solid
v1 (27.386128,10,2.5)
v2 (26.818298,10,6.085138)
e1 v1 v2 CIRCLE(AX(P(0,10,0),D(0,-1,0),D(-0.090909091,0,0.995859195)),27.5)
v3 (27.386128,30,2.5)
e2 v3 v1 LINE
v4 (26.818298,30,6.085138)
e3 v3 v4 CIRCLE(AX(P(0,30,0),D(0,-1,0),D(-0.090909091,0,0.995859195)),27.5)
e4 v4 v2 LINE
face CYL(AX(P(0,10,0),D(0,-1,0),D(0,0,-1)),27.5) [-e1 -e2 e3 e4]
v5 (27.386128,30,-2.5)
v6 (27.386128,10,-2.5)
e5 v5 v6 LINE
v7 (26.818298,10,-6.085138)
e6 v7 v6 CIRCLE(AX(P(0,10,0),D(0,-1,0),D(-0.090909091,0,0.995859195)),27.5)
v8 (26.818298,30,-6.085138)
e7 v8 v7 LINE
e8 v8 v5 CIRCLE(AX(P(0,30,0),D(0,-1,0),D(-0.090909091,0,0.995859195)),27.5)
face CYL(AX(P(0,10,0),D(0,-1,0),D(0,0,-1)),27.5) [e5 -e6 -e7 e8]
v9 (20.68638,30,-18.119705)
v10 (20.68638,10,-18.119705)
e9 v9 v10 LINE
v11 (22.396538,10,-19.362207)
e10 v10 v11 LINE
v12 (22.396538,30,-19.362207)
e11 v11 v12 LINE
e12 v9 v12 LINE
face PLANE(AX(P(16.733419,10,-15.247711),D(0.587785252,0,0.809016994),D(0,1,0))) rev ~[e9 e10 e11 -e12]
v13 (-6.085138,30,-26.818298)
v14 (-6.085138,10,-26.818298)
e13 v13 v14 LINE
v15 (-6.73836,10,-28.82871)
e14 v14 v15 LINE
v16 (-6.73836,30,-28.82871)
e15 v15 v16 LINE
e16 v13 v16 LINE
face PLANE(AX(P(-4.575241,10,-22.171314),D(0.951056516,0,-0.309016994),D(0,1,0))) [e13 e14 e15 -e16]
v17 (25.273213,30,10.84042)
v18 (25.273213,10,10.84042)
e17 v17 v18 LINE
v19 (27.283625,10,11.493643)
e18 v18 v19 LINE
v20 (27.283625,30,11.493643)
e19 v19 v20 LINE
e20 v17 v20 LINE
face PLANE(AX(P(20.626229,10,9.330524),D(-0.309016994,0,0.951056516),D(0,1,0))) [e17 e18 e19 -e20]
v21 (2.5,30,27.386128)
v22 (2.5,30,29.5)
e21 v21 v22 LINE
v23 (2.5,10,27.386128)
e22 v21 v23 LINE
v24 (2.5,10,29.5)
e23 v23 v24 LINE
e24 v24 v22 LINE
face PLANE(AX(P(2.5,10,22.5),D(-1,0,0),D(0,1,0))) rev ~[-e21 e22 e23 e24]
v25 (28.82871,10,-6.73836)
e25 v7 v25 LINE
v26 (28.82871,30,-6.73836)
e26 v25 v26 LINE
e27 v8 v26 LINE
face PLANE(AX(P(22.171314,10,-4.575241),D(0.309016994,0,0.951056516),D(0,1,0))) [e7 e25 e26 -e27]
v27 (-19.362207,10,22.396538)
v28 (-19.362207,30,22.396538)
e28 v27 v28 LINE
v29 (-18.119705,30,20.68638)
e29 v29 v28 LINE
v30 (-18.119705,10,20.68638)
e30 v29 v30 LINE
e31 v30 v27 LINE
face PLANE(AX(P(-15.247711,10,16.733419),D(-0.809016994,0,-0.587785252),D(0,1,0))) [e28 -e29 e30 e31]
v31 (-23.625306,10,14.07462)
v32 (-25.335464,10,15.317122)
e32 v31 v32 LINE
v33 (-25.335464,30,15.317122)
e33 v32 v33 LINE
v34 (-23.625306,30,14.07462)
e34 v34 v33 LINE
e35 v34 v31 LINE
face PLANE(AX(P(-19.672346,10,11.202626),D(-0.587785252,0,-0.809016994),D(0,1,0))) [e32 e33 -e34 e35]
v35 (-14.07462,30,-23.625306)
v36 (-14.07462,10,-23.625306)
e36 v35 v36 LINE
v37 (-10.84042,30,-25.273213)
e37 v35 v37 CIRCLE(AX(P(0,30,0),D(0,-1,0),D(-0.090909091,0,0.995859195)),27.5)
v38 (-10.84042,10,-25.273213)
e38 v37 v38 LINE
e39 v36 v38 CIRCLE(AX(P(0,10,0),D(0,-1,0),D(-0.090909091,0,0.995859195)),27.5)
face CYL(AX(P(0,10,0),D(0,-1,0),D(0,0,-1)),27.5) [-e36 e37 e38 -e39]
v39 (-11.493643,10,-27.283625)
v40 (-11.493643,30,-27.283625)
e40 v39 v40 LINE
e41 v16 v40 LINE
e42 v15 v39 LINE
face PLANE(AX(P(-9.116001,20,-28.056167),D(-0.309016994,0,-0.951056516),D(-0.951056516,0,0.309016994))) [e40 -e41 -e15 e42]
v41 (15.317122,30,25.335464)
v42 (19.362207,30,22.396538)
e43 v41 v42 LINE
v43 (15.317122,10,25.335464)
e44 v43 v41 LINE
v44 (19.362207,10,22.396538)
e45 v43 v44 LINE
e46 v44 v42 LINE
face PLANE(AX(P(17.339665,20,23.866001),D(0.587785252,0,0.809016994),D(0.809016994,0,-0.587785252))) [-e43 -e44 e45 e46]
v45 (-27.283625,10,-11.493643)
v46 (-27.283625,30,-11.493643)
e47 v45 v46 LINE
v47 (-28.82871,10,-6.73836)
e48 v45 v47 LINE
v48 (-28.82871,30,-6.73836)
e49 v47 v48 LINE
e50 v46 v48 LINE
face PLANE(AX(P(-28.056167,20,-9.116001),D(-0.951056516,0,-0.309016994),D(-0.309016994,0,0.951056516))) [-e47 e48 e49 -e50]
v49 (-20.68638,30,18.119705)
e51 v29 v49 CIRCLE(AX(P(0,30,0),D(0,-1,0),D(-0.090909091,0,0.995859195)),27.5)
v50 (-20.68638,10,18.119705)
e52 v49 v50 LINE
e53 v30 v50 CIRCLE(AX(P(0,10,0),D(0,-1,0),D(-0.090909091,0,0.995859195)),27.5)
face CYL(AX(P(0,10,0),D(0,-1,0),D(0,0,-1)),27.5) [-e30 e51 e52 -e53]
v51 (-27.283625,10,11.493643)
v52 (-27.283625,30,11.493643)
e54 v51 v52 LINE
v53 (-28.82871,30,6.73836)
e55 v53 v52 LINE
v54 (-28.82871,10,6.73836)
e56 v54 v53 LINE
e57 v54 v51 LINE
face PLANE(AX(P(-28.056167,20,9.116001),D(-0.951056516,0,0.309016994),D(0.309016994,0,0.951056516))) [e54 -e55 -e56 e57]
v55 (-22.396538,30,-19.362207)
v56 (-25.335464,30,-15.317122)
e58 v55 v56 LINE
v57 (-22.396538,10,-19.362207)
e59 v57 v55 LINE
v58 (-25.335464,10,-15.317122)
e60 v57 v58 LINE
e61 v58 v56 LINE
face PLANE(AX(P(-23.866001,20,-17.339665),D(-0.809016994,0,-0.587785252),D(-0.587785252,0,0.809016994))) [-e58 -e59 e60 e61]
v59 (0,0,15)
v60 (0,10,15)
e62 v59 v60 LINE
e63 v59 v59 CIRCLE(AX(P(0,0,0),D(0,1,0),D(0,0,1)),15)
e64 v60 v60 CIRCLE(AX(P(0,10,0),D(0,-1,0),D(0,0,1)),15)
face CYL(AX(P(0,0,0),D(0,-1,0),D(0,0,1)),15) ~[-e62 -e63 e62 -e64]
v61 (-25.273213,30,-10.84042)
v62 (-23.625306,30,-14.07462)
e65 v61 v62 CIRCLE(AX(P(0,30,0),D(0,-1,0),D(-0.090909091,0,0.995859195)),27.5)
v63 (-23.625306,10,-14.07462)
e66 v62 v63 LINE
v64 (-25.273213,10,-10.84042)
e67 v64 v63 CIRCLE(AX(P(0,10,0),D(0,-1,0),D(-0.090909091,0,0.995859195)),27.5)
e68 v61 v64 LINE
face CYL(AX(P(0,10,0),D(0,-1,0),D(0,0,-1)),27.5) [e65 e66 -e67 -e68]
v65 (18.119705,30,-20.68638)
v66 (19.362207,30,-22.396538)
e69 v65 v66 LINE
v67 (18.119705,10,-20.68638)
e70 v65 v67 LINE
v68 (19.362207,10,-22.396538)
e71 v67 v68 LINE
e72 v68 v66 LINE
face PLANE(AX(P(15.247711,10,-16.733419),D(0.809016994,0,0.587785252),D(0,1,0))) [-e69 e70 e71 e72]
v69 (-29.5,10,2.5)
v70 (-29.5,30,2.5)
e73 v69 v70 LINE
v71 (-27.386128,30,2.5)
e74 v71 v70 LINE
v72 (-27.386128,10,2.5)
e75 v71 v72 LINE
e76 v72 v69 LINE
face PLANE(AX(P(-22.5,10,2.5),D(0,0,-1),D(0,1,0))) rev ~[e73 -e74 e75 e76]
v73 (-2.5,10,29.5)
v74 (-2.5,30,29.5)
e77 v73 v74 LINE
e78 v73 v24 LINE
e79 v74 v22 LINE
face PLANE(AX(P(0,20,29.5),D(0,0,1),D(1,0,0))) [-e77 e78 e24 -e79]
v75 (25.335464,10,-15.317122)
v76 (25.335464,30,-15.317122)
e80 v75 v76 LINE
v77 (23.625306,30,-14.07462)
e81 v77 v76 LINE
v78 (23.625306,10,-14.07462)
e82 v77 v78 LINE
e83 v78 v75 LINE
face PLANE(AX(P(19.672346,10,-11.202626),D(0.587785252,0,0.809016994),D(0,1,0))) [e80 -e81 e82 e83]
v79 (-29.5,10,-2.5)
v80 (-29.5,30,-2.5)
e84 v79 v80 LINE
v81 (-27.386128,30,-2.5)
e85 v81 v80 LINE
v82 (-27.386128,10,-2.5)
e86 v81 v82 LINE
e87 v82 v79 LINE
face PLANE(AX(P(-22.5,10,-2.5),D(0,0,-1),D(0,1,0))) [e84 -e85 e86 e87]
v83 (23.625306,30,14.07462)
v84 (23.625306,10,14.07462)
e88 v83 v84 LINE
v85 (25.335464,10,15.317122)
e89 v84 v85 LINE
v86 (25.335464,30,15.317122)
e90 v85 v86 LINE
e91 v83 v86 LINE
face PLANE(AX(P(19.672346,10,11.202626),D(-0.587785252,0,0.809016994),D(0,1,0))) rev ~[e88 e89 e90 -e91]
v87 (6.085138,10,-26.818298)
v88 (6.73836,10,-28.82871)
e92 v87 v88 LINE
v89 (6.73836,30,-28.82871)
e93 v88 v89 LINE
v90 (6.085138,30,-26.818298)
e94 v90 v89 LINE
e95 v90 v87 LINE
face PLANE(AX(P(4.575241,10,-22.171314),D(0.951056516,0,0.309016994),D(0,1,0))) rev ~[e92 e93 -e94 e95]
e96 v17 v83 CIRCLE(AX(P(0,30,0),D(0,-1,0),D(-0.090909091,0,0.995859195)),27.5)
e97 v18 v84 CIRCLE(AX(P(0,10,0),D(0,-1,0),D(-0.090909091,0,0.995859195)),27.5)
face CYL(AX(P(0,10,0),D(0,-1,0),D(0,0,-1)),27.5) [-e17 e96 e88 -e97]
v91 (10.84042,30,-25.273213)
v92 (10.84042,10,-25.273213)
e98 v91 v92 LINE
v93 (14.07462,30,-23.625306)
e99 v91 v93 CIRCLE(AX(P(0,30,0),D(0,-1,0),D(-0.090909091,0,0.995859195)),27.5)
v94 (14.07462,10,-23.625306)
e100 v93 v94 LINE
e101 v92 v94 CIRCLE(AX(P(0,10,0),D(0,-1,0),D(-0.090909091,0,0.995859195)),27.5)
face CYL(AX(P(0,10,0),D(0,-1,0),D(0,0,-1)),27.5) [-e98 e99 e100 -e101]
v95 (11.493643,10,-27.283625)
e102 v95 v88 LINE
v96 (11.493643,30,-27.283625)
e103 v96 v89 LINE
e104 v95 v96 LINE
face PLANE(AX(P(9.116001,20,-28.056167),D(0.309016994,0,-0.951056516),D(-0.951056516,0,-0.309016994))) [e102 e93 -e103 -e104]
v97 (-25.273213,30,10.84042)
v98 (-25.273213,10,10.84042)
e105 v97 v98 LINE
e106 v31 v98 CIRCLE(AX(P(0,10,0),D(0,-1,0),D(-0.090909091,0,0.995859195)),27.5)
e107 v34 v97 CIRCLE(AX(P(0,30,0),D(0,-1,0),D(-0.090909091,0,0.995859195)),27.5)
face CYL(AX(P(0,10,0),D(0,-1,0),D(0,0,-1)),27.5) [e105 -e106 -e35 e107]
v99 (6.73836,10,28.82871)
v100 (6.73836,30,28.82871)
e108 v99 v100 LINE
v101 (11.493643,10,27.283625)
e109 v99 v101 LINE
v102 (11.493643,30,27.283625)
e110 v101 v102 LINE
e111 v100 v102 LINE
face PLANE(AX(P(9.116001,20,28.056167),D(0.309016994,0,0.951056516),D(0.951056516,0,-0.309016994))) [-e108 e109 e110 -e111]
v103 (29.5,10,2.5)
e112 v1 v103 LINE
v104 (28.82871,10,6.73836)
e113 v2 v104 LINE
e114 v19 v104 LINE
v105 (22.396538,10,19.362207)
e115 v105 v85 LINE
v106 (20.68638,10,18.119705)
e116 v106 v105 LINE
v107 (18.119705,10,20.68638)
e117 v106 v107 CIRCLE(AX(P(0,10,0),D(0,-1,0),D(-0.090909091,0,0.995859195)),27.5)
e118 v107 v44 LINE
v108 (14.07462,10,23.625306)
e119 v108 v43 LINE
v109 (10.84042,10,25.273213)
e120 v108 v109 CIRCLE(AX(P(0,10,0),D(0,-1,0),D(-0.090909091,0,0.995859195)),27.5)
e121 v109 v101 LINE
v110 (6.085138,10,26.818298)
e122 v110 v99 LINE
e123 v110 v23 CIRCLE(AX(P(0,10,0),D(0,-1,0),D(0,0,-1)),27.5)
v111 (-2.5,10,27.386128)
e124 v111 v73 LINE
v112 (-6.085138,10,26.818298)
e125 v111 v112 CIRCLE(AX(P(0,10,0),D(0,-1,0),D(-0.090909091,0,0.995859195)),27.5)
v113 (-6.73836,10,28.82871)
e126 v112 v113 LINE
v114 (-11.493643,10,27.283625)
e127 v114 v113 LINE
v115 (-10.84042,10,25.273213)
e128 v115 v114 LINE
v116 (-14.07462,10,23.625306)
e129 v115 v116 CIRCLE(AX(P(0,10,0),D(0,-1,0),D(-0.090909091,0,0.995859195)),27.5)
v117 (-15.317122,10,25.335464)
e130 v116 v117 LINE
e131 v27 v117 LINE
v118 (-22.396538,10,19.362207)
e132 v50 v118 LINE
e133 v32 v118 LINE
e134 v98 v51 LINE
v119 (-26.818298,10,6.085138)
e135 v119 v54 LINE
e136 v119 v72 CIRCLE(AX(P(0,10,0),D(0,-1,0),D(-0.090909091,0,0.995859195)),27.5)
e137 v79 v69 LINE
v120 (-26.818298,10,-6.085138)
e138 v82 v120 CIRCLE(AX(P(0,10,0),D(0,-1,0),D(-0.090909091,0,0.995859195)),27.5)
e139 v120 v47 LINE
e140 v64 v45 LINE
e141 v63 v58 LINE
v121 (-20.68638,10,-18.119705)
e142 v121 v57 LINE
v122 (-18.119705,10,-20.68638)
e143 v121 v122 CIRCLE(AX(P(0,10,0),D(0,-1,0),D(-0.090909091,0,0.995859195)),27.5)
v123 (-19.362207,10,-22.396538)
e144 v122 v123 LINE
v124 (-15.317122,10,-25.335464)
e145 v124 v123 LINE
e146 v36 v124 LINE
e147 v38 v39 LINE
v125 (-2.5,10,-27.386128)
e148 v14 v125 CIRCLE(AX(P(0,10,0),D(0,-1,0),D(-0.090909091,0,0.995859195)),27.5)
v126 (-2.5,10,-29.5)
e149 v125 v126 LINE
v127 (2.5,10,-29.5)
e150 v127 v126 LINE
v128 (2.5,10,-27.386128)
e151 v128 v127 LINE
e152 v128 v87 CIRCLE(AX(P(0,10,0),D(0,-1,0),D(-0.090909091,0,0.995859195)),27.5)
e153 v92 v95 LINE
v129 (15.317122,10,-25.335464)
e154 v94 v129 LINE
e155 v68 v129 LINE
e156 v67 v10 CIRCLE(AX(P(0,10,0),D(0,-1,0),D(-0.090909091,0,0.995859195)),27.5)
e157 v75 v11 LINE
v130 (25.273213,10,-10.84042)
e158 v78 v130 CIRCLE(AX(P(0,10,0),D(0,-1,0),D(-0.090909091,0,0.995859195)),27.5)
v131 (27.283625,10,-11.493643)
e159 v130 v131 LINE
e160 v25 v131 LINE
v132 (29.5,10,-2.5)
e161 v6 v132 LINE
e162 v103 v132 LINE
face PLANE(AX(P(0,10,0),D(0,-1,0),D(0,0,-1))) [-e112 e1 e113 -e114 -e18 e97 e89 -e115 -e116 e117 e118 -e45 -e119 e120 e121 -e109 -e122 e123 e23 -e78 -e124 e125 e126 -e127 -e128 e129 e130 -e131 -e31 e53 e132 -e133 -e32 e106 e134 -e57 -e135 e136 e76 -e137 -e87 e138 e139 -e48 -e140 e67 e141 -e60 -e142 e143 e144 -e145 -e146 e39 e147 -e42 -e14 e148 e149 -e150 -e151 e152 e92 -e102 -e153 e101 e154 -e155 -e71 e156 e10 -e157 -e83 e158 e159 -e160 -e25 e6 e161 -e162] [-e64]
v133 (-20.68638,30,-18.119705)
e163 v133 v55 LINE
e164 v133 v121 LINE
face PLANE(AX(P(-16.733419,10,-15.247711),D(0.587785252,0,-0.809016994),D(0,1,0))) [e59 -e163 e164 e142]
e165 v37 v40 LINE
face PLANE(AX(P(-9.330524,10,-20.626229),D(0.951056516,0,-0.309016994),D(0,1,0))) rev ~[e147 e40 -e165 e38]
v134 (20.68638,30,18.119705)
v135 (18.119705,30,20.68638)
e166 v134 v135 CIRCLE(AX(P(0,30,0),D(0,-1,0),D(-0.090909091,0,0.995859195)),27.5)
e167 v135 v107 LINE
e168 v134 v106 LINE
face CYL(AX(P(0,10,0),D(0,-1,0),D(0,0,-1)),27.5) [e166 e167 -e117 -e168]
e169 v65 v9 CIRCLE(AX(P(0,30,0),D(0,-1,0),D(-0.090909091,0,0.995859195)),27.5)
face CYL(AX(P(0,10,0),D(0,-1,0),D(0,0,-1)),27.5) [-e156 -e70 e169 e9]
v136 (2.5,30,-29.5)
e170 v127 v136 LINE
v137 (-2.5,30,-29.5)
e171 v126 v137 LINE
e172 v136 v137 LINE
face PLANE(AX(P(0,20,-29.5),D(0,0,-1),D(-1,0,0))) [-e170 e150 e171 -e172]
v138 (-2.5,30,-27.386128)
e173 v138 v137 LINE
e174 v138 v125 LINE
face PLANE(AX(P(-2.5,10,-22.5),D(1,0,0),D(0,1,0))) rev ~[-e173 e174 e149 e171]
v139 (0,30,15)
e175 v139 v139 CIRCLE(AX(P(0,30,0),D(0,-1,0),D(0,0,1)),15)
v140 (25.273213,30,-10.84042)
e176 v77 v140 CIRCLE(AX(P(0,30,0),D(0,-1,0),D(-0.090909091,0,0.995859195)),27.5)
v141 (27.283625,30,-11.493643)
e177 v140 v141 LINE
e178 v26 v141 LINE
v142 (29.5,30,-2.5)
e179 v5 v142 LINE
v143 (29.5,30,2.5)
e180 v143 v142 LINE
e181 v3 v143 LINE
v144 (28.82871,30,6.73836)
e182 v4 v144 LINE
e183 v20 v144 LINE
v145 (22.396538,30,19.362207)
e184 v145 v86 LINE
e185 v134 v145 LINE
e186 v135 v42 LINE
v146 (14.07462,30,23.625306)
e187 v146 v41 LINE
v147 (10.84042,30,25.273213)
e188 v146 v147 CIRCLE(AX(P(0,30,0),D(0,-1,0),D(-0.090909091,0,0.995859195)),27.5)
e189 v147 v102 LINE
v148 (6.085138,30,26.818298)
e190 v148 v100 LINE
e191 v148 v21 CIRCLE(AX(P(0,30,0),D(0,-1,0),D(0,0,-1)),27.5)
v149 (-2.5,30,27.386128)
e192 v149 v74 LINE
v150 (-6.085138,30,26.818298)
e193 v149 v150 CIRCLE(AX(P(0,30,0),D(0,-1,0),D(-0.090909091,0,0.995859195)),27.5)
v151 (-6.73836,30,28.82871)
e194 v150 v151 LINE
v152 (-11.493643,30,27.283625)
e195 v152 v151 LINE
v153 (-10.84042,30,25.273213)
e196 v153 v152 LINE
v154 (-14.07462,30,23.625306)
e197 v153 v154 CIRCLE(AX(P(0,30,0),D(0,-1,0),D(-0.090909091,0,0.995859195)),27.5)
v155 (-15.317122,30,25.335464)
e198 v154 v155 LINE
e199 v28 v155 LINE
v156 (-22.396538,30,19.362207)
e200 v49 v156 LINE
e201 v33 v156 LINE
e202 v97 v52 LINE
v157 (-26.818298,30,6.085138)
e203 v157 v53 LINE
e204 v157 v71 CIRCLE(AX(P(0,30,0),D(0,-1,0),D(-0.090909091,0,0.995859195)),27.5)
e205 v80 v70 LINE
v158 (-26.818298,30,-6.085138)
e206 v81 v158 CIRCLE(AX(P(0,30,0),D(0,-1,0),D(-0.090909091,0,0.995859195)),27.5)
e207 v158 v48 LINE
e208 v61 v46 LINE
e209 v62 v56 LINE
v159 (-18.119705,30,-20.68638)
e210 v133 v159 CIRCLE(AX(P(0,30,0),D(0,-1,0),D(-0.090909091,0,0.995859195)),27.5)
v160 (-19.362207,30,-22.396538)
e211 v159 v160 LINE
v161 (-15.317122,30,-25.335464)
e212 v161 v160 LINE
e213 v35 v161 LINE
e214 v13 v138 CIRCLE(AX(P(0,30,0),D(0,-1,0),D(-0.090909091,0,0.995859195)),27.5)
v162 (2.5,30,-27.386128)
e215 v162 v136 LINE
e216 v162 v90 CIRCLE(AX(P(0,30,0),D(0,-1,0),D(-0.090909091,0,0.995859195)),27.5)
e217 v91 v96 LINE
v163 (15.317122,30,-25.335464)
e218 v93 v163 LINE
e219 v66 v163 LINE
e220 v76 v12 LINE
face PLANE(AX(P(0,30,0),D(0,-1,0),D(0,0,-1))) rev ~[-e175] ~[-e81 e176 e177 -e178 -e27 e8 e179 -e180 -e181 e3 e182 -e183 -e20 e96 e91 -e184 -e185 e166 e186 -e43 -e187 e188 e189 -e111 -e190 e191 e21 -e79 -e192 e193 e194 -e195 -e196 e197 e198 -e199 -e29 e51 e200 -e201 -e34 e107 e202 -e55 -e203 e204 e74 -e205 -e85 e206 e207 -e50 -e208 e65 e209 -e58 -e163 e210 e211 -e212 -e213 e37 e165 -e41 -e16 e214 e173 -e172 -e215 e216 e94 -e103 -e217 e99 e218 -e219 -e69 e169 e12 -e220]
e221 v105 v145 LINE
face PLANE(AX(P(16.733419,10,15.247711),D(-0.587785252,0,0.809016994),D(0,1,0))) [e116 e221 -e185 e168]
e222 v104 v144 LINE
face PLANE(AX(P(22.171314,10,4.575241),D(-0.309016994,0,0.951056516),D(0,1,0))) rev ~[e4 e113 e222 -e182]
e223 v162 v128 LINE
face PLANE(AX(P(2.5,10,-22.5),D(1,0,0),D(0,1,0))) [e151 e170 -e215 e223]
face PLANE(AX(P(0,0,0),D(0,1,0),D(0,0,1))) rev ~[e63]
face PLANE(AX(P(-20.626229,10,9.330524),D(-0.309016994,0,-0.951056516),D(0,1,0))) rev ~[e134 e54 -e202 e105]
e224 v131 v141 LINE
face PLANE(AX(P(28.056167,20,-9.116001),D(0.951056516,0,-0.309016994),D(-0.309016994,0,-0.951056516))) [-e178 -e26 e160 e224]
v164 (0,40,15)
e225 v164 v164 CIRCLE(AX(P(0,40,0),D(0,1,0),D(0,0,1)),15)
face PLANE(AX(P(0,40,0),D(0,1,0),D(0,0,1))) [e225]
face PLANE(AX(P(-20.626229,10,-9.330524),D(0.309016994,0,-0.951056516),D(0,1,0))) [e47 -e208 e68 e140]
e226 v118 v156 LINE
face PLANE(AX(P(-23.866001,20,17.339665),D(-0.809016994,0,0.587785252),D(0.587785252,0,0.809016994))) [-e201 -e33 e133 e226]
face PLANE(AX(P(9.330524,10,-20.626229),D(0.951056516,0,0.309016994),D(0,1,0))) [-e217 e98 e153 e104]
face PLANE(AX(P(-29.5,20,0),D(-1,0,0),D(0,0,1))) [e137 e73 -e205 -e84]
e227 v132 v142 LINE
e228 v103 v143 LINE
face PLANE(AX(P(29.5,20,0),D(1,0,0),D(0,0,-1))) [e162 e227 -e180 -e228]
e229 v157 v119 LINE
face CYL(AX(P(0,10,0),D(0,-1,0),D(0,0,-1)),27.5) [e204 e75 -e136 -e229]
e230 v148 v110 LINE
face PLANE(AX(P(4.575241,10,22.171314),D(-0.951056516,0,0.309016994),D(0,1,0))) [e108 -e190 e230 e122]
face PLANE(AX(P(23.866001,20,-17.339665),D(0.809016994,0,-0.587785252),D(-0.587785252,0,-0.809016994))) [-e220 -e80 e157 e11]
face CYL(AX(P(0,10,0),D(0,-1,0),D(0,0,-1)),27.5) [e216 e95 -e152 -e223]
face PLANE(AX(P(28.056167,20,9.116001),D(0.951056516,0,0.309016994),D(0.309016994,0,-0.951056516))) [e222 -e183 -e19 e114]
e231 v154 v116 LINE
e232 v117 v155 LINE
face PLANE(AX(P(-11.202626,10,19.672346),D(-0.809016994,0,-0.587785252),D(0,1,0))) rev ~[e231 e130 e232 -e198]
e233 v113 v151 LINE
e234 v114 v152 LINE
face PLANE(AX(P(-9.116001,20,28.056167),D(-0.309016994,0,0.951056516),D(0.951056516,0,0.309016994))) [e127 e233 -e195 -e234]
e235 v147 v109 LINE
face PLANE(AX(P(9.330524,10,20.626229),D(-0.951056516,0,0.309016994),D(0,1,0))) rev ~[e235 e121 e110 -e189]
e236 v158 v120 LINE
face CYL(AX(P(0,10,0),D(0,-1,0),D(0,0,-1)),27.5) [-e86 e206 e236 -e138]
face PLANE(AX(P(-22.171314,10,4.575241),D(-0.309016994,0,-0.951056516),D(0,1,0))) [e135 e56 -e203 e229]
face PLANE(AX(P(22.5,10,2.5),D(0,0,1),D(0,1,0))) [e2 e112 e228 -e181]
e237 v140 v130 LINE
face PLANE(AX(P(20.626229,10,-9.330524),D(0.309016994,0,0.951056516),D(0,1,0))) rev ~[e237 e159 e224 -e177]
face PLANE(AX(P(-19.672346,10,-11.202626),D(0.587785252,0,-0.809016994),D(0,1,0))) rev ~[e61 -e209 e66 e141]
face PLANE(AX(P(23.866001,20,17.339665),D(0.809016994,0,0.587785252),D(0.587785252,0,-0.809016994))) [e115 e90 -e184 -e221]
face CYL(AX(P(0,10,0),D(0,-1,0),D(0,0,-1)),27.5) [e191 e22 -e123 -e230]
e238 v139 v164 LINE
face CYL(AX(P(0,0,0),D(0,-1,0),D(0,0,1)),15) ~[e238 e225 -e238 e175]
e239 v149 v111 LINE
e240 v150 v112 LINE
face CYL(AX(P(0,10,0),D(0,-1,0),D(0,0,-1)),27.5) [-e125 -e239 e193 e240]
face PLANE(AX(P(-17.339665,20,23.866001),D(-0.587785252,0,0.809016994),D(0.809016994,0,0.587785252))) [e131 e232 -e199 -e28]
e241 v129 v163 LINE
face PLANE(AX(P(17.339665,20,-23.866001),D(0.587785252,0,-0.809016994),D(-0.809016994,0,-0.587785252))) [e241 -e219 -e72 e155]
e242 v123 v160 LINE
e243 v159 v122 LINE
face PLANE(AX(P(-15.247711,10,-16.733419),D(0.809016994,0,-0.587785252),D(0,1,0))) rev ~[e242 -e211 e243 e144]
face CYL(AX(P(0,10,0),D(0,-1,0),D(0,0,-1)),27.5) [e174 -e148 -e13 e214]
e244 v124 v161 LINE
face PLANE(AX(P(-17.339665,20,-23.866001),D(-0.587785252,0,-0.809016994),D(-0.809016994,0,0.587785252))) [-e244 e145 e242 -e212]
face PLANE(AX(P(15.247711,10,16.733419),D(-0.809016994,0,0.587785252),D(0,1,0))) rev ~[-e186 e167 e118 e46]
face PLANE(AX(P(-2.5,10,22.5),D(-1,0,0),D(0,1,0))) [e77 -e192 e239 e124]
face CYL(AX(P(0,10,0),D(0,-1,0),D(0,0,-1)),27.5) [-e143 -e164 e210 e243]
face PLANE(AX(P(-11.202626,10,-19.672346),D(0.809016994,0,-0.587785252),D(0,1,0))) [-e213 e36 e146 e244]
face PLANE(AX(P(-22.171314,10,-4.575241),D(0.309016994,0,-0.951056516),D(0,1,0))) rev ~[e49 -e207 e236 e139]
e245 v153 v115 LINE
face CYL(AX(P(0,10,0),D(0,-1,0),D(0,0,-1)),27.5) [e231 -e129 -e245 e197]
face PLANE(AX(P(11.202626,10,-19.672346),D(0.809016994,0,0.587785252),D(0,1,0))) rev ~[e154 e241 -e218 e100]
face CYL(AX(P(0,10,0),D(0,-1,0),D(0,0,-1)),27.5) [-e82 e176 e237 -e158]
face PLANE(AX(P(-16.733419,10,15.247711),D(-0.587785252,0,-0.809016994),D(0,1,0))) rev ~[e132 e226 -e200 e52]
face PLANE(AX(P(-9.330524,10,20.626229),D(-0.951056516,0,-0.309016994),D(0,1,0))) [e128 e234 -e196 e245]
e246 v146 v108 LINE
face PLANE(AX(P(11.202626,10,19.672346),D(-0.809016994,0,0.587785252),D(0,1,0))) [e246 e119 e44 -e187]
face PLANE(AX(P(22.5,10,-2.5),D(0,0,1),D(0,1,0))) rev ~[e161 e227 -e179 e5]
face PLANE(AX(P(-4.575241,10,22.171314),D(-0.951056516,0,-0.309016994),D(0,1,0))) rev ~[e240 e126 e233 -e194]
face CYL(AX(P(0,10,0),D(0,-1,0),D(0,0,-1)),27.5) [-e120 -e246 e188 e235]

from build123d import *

# Parameters (mm, degrees)
ESQUISSE1_R                  = 15
BOSS_EXTRU_1_DEPTH           = 40
ESQUISSE2_R                  = 27.5
BOSS_EXTRU_2_DEPTH           = 20
ESQUISSE3_W                  = 5
ESQUISSE3_H                  = 20
BOSS_EXTRU_3_DEPTH           = 7
R_P_TITION_CIRCULAIRE1_COUNT = 20


with BuildPart() as part:
    # Esquisse1 → Boss.-Extru.1 (new body)
    with BuildSketch(Plane(origin=(0, 0, 0), x_dir=(1, 0, 0), z_dir=(0, 1, 0))):
        with Locations(Location((0, 0, 0), (0, 0, 270))):
            Circle(ESQUISSE1_R)
    extrude(amount=BOSS_EXTRU_1_DEPTH)

    # Esquisse2 → Boss.-Extru.2 (add)
    with BuildSketch(Plane(origin=(0, 10, 0), x_dir=(-1, 0, 0), z_dir=(0, -1, 0))):
        with Locations(Location((0, 0, 0), (0, 0, 90))):
            Circle(ESQUISSE2_R)
    extrude(amount=-BOSS_EXTRU_2_DEPTH)

    # Esquisse3 → Boss.-Extru.3 (add)
    with BuildSketch(Plane.XY.offset(22.5)):
        with Locations((0, 20)):
            Rectangle(ESQUISSE3_W, ESQUISSE3_H)
    boss_extru_3 = extrude(amount=BOSS_EXTRU_3_DEPTH)

    # Répétition circulaire1: Boss.-Extru.3 ×20 about axis
    r_p_tition_circulaire1_axis = Axis((0, 0, 0), (0, 1, 0))
    for i in range(1, R_P_TITION_CIRCULAIRE1_COUNT):
        add(boss_extru_3.rotate(r_p_tition_circulaire1_axis, i * 360 / R_P_TITION_CIRCULAIRE1_COUNT))


solid = part.part
